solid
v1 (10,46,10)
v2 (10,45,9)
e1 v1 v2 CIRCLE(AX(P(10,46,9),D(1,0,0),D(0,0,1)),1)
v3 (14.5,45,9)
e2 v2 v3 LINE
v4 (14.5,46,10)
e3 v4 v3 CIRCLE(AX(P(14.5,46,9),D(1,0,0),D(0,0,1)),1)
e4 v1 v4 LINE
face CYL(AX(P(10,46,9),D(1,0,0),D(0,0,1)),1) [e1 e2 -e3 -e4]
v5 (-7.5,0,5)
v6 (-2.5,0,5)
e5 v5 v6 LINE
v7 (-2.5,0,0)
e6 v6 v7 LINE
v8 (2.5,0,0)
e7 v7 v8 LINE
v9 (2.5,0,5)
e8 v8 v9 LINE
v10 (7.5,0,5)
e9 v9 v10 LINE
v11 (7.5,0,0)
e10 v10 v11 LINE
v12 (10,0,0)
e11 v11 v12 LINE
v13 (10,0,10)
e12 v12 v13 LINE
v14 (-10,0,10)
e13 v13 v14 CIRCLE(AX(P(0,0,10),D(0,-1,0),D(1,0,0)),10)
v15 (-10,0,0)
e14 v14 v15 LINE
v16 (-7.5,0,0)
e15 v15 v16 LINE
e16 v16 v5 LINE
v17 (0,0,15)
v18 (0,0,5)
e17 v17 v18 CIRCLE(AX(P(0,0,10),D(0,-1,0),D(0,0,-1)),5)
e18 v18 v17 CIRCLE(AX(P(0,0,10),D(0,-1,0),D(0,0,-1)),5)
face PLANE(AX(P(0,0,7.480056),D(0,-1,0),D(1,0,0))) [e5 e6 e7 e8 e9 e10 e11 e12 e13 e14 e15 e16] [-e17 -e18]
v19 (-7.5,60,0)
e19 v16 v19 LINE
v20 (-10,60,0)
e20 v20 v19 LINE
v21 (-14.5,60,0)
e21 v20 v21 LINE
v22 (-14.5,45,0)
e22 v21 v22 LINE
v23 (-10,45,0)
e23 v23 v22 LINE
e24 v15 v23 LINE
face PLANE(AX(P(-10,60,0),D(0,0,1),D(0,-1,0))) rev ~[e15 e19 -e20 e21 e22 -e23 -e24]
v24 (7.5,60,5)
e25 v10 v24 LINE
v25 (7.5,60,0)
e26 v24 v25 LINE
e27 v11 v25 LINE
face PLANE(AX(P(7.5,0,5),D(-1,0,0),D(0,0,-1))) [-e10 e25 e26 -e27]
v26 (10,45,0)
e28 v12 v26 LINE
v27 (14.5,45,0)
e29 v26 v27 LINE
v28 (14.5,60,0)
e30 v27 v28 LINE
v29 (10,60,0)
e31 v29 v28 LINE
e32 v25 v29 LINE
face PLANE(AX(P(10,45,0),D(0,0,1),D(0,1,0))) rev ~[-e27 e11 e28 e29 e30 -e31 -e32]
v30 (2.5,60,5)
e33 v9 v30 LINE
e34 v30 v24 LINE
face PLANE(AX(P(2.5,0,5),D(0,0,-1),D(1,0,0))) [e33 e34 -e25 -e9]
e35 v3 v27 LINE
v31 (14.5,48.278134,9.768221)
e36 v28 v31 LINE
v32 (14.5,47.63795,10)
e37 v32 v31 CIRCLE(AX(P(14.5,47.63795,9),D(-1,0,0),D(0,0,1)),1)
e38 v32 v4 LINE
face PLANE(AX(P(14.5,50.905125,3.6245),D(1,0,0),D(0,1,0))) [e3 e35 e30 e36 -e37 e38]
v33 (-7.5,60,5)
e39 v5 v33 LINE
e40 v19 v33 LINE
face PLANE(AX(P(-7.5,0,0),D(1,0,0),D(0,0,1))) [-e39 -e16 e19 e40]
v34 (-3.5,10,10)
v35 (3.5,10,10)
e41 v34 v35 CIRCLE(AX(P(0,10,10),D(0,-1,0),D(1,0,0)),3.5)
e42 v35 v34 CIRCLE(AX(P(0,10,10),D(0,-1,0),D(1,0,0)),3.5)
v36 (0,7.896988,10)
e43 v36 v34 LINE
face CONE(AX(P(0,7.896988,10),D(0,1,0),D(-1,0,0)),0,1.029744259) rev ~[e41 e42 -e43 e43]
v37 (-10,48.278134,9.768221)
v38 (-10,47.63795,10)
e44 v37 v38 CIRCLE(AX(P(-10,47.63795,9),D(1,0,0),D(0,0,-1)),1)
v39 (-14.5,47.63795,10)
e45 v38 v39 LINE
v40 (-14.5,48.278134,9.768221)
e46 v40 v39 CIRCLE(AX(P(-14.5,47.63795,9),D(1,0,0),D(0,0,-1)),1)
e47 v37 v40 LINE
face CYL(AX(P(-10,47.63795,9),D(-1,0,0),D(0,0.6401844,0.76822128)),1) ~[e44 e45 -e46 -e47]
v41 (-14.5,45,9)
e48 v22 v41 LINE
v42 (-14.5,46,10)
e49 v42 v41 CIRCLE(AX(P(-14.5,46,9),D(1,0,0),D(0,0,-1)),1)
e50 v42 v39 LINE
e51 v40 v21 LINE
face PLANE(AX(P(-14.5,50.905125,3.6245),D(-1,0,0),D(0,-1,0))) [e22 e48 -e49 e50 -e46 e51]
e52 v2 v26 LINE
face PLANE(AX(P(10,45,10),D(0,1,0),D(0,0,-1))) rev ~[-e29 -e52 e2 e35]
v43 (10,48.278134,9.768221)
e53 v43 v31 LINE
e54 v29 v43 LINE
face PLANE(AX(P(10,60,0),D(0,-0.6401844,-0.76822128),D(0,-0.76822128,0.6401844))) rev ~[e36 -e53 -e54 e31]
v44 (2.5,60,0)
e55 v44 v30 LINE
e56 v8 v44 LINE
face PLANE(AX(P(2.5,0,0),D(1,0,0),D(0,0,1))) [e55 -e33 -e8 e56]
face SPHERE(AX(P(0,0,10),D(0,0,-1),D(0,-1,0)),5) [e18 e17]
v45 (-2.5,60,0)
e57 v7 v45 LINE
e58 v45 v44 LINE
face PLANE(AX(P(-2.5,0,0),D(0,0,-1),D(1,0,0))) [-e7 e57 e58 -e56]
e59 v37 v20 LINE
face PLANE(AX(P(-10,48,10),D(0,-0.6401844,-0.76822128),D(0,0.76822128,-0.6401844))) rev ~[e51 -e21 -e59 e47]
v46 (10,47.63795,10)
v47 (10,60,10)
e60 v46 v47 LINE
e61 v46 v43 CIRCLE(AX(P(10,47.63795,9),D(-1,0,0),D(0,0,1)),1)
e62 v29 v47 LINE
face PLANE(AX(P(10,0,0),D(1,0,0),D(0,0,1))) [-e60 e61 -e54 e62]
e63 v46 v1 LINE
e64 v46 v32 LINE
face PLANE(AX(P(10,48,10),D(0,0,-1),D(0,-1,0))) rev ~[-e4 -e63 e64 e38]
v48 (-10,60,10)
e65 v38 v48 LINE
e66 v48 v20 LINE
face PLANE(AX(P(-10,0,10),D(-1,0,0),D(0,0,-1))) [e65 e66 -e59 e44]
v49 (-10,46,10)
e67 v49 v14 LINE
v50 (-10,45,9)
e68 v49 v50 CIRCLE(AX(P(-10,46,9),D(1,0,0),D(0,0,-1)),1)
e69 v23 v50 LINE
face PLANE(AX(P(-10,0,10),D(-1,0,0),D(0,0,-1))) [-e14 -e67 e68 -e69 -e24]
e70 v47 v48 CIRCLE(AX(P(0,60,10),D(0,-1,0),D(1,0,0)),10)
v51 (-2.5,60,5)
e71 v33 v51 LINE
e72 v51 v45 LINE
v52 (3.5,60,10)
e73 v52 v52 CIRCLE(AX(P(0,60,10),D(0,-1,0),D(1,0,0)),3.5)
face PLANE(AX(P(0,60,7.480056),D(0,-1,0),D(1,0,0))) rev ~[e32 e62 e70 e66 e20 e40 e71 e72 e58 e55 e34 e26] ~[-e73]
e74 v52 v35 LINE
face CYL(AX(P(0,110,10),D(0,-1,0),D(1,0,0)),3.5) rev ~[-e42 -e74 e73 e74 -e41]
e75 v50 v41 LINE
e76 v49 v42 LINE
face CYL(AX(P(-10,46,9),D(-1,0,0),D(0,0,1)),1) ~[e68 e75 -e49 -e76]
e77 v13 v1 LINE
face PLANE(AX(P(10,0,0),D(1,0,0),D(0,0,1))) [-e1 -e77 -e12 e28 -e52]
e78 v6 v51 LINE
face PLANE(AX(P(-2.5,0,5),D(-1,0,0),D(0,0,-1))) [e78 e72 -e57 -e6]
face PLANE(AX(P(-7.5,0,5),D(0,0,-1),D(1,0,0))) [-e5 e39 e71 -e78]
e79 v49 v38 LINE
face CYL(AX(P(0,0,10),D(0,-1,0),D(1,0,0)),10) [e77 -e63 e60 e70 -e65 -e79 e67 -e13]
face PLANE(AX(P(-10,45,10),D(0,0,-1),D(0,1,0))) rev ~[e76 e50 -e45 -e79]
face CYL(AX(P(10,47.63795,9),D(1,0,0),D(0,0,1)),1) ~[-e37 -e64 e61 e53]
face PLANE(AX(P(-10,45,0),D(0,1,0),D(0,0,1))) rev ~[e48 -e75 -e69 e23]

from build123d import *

# Parameters (mm, degrees)
F1_DEPTH = 60
F5_D     = 7
F5_DEPTH = 50
F5_TIP   = 2.1030121666
F7_DEPTH = 4.5
F9_DEPTH = 4.5
F10_R    = 1


with BuildPart() as f1:
    # F0 (on Front) → F1 (new body)
    with BuildSketch(Plane.XZ):
        with BuildLine():
            Line((-10, 10), (-10, 0))
            Line((-10, 0), (-7.5, 0))
            Line((-7.5, 0), (-7.5, 5))
            Line((-7.5, 5), (-2.5, 5))
            Line((-2.5, 5), (-2.5, 0))
            Line((-2.5, 0), (2.5, 0))
            Line((2.5, 0), (2.5, 5))
            Line((2.5, 5), (7.5, 5))
            Line((7.5, 5), (7.5, 0))
            Line((7.5, 0), (10, 0))
            Line((10, 0), (10, 10))
            ThreePointArc((10, 10), (0, 20), (-10, 10))
        make_face()
    extrude(amount=-F1_DEPTH)

    # F2 (on Right) → F3 (revolve)
    with BuildSketch(Plane.YZ):
        with BuildLine():
            Line((0, 5), (0, 15))
            ThreePointArc((0, 15), (-5, 10), (0, 5))
        make_face()
    revolve(axis=Axis((0, 0, 10), (0, 0, -1)))

    # F5
    with Locations(Plane(origin=(0, 60, 0), x_dir=(-1, 0, 0), z_dir=(0, 1, 0))):
        with Locations((0, 10)):
            Hole(F5_D / 2, depth=F5_DEPTH)
            with Locations((0, 0, -(F5_DEPTH + F5_TIP / 2))):  # 118° drill point
                Cone(0, F5_D / 2, F5_TIP, mode=Mode.SUBTRACT)

    # F6 (on face) → F7 (join)
    with BuildSketch(Plane.YZ.offset(10)):
        Polygon((45, 0), (60, 0), (48, 10), (45, 10), align=None)
    extrude(amount=F7_DEPTH)

    # F8 (on face) → F9 (join)
    with BuildSketch(Plane(origin=(-10, 0, 0), x_dir=(0, -1, 0), z_dir=(-1, 0, 0))):
        Polygon((-48, 10), (-60, 0), (-45, 0), (-45, 10), align=None)
    extrude(amount=F9_DEPTH)

    # F10
    f10_edges = [f1.edges().sort_by_distance(p)[0] for p in [
        (12.25, 45, 10),
        (12.25, 48, 10),
        (-12.25, 45, 10),
        (-12.25, 48, 10),
    ]]
    fillet(f10_edges, radius=F10_R)


solid = f1.part
